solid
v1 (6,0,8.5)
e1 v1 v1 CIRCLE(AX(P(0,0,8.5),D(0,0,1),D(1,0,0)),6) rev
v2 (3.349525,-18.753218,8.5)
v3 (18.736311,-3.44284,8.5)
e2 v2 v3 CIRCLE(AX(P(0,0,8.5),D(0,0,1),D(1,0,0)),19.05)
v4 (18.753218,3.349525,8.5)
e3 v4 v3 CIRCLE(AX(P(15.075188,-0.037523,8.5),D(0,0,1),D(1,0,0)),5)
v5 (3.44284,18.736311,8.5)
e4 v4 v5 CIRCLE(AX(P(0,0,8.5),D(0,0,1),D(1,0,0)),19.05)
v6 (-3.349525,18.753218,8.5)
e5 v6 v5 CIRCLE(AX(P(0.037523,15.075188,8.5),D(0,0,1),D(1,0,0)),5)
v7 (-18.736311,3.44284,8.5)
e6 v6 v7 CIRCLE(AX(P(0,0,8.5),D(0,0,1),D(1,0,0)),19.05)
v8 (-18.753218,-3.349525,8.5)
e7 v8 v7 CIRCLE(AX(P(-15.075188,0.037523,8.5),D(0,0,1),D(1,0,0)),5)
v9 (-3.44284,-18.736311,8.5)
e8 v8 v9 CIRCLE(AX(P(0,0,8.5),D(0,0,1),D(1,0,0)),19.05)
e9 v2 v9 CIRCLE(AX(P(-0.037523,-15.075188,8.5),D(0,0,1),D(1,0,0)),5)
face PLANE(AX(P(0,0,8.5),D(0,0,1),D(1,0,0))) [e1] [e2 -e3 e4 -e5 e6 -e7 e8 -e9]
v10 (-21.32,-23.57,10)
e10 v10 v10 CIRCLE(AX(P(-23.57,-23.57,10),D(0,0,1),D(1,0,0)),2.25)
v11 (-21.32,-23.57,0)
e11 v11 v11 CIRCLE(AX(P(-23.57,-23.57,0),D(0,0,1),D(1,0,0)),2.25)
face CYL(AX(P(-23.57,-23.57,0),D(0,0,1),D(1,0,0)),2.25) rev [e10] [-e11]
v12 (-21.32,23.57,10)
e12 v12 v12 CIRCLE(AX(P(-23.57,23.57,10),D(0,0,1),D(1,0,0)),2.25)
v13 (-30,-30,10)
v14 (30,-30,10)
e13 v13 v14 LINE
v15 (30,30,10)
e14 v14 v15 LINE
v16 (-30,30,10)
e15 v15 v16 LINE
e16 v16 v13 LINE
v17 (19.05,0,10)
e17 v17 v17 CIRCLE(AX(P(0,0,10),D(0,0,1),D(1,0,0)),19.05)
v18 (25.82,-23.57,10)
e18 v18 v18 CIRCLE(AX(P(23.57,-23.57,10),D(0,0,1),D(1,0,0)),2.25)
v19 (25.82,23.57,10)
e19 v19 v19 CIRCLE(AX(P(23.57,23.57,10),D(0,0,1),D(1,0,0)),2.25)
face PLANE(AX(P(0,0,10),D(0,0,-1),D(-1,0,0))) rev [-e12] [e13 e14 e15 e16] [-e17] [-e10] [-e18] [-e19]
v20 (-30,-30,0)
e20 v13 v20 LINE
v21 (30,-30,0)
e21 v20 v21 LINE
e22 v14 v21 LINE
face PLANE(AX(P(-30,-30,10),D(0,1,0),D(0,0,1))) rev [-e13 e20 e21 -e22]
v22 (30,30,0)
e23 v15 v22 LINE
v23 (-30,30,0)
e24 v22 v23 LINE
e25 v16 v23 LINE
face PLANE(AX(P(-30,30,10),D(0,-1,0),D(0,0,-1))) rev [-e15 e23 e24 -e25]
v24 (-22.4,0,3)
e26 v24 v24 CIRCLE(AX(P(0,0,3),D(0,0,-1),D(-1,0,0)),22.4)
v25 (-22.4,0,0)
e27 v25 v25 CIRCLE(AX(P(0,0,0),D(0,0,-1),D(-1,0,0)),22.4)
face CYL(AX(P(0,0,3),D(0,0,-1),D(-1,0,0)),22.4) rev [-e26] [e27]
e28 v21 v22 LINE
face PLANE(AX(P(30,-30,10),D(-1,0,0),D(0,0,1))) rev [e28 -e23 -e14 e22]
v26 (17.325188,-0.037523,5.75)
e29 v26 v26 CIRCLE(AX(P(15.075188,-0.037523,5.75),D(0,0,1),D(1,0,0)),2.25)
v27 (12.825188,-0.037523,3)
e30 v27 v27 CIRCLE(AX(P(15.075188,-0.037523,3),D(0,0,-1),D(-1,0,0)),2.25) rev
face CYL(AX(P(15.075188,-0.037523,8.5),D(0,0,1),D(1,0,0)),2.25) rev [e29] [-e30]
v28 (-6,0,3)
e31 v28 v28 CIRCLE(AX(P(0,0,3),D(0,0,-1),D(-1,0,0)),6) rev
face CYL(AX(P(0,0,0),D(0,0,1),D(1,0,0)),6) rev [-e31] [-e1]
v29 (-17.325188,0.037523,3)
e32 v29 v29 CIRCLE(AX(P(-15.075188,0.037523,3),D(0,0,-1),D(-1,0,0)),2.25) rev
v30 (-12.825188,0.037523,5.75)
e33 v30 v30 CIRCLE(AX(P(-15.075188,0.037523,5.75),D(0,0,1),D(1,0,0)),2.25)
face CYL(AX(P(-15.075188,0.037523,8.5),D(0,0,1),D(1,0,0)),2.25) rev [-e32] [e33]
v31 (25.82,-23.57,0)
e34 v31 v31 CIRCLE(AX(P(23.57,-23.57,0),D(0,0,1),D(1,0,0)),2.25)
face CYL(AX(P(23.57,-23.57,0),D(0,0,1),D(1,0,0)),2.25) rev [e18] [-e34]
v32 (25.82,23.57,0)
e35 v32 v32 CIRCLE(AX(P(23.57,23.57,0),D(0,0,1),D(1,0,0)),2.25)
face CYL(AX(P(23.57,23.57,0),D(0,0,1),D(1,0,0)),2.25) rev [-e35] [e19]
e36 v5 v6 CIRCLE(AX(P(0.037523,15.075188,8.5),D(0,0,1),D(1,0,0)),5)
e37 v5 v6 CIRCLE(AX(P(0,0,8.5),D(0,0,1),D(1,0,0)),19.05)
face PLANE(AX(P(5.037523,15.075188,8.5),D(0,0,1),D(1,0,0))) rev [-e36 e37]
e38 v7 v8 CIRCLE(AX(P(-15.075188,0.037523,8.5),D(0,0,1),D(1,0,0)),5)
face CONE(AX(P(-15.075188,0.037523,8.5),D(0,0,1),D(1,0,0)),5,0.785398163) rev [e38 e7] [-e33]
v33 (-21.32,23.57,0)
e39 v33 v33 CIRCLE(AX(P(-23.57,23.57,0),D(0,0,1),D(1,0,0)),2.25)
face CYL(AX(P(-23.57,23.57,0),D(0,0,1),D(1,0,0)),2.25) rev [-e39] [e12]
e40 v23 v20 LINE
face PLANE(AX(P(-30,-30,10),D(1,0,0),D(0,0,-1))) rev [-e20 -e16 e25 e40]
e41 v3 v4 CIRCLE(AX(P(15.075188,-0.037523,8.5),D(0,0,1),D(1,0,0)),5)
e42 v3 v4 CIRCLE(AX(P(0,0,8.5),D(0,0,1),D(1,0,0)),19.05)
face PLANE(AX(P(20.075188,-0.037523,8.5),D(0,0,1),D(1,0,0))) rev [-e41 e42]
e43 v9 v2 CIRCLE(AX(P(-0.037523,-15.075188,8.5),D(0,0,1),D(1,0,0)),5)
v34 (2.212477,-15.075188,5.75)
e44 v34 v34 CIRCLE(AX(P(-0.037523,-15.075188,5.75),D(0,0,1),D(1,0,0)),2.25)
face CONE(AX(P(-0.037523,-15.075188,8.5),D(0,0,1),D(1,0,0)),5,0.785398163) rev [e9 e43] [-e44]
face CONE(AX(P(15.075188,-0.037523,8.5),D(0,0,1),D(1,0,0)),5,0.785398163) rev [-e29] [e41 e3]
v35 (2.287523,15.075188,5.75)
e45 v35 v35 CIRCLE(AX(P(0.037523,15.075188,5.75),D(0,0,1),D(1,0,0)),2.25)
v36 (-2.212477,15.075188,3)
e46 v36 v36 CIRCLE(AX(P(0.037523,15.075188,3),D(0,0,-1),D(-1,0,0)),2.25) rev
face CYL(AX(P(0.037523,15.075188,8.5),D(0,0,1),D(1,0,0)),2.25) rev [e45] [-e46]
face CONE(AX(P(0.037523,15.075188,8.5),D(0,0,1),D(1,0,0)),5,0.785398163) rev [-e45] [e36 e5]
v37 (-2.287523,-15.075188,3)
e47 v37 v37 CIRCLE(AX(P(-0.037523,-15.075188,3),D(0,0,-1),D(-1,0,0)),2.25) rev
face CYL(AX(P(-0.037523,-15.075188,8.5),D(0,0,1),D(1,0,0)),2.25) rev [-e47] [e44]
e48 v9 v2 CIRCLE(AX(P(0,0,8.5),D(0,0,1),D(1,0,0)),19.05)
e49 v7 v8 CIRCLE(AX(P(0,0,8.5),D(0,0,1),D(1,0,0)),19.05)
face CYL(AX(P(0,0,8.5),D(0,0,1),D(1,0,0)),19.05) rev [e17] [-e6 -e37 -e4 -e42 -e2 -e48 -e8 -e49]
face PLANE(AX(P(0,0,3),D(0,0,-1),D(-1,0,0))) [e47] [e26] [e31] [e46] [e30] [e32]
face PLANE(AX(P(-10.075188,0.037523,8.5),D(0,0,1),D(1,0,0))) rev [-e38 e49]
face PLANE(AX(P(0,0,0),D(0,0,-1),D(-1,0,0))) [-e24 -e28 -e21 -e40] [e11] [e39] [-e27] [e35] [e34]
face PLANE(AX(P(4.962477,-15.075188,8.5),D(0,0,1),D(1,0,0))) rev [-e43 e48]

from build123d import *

# Parameters (mm, degrees)
SKETCH1_W                           = 60
SKETCH1_H                           = 60
BOSS_EXTRUDE1_DEPTH                 = 10
SKETCH2_R                           = 6
CUT_EXTRUDE1_DEPTH                  = 10
SKETCH3_R                           = 19.05
CUT_EXTRUDE2_DEPTH                  = 1.5
SKETCH4_R                           = 2.25
CUT_EXTRUDE3_DEPTH                  = 10
F_4_5_4_5_DIAMETER_HOLE1_AT_2_COUNT = 2
F_4_5_4_5_DIAMETER_HOLE1_AT_2_PITCH = 30.150470286
F_4_5_4_5_DIAMETER_HOLE1_AT_3_COUNT = 2
F_4_5_4_5_DIAMETER_HOLE1_AT_3_PITCH = 21.319601995
F_4_5_4_5_DIAMETER_HOLE1_AT_4_COUNT = 2
F_4_5_4_5_DIAMETER_HOLE1_AT_4_PITCH = 21.319601995
SKETCH6_R                           = 22.4
CUT_EXTRUDE4_DEPTH                  = 3


with BuildPart() as part:
    # Sketch1 → Boss-Extrude1 (new body)
    with BuildSketch(Plane.XY):
        Rectangle(SKETCH1_W, SKETCH1_H)
    extrude(amount=BOSS_EXTRUDE1_DEPTH)

    # Sketch2 → Cut-Extrude1 (cut)
    with BuildSketch(Plane.XY.offset(10)):
        Circle(SKETCH2_R)
    extrude(amount=-CUT_EXTRUDE1_DEPTH, mode=Mode.SUBTRACT)

    # Sketch3 → Cut-Extrude2 (cut)
    with BuildSketch(Plane.XY.offset(10)):
        Circle(SKETCH3_R)
    extrude(amount=-CUT_EXTRUDE2_DEPTH, mode=Mode.SUBTRACT)

    # Sketch4 → Cut-Extrude3 (cut)
    with BuildSketch(Plane.XY.offset(10)):
        with Locations((-23.57, 23.57)):
            Circle(SKETCH4_R)
        with Locations((23.57, 23.57)):
            Circle(SKETCH4_R)
        with Locations((23.57, -23.57)):
            Circle(SKETCH4_R)
        with Locations((-23.57, -23.57)):
            Circle(SKETCH4_R)
    extrude(amount=-CUT_EXTRUDE3_DEPTH, mode=Mode.SUBTRACT)

    # Sketch5 → Ø4.5 (4.5) Diameter Hole1 (revolve, cut)
    with BuildSketch(Plane(origin=(-15.075188443, 0.037523467, 8.5), x_dir=(0, -1, 0), z_dir=(1, 0, 0))):
        Polygon((0, 0), (0, 16.351936393), (2.25, 15), (2.25, 2.75), (5, 0), align=None)
    f_4_5_4_5_diameter_hole1 = revolve(axis=Axis((-15.075188443, 0.037523467, 14.85), (0, 0, -1)), mode=Mode.SUBTRACT)

    # Ø4.5 (4.5) Diameter Hole1 at 2: Ø4.5 (4.5) Diameter Hole1 ×2
    with Locations(*[Vector(0.9999969022354874, -0.0024890800366937364, 0) * (i * F_4_5_4_5_DIAMETER_HOLE1_AT_2_PITCH) for i in range(1, F_4_5_4_5_DIAMETER_HOLE1_AT_2_COUNT)]):
        add(f_4_5_4_5_diameter_hole1, mode=Mode.SUBTRACT)

    # Ø4.5 (4.5) Diameter Hole1 at 3: Ø4.5 (4.5) Diameter Hole1 ×2
    with Locations(*[Vector(0.7088646361091163, 0.705344545363392, 0) * (i * F_4_5_4_5_DIAMETER_HOLE1_AT_3_PITCH) for i in range(1, F_4_5_4_5_DIAMETER_HOLE1_AT_3_COUNT)]):
        add(f_4_5_4_5_diameter_hole1, mode=Mode.SUBTRACT)

    # Ø4.5 (4.5) Diameter Hole1 at 4: Ø4.5 (4.5) Diameter Hole1 ×2
    with Locations(*[Vector(0.705344545363392, -0.7088646361091163, 0) * (i * F_4_5_4_5_DIAMETER_HOLE1_AT_4_PITCH) for i in range(1, F_4_5_4_5_DIAMETER_HOLE1_AT_4_COUNT)]):
        add(f_4_5_4_5_diameter_hole1, mode=Mode.SUBTRACT)

    # Sketch6 → Cut-Extrude4 (cut)
    with BuildSketch(Plane(origin=(0, 0, 0), x_dir=(-1, 0, 0), z_dir=(0, 0, -1))):
        Circle(SKETCH6_R)
    extrude(amount=-CUT_EXTRUDE4_DEPTH, mode=Mode.SUBTRACT)


solid = part.part
